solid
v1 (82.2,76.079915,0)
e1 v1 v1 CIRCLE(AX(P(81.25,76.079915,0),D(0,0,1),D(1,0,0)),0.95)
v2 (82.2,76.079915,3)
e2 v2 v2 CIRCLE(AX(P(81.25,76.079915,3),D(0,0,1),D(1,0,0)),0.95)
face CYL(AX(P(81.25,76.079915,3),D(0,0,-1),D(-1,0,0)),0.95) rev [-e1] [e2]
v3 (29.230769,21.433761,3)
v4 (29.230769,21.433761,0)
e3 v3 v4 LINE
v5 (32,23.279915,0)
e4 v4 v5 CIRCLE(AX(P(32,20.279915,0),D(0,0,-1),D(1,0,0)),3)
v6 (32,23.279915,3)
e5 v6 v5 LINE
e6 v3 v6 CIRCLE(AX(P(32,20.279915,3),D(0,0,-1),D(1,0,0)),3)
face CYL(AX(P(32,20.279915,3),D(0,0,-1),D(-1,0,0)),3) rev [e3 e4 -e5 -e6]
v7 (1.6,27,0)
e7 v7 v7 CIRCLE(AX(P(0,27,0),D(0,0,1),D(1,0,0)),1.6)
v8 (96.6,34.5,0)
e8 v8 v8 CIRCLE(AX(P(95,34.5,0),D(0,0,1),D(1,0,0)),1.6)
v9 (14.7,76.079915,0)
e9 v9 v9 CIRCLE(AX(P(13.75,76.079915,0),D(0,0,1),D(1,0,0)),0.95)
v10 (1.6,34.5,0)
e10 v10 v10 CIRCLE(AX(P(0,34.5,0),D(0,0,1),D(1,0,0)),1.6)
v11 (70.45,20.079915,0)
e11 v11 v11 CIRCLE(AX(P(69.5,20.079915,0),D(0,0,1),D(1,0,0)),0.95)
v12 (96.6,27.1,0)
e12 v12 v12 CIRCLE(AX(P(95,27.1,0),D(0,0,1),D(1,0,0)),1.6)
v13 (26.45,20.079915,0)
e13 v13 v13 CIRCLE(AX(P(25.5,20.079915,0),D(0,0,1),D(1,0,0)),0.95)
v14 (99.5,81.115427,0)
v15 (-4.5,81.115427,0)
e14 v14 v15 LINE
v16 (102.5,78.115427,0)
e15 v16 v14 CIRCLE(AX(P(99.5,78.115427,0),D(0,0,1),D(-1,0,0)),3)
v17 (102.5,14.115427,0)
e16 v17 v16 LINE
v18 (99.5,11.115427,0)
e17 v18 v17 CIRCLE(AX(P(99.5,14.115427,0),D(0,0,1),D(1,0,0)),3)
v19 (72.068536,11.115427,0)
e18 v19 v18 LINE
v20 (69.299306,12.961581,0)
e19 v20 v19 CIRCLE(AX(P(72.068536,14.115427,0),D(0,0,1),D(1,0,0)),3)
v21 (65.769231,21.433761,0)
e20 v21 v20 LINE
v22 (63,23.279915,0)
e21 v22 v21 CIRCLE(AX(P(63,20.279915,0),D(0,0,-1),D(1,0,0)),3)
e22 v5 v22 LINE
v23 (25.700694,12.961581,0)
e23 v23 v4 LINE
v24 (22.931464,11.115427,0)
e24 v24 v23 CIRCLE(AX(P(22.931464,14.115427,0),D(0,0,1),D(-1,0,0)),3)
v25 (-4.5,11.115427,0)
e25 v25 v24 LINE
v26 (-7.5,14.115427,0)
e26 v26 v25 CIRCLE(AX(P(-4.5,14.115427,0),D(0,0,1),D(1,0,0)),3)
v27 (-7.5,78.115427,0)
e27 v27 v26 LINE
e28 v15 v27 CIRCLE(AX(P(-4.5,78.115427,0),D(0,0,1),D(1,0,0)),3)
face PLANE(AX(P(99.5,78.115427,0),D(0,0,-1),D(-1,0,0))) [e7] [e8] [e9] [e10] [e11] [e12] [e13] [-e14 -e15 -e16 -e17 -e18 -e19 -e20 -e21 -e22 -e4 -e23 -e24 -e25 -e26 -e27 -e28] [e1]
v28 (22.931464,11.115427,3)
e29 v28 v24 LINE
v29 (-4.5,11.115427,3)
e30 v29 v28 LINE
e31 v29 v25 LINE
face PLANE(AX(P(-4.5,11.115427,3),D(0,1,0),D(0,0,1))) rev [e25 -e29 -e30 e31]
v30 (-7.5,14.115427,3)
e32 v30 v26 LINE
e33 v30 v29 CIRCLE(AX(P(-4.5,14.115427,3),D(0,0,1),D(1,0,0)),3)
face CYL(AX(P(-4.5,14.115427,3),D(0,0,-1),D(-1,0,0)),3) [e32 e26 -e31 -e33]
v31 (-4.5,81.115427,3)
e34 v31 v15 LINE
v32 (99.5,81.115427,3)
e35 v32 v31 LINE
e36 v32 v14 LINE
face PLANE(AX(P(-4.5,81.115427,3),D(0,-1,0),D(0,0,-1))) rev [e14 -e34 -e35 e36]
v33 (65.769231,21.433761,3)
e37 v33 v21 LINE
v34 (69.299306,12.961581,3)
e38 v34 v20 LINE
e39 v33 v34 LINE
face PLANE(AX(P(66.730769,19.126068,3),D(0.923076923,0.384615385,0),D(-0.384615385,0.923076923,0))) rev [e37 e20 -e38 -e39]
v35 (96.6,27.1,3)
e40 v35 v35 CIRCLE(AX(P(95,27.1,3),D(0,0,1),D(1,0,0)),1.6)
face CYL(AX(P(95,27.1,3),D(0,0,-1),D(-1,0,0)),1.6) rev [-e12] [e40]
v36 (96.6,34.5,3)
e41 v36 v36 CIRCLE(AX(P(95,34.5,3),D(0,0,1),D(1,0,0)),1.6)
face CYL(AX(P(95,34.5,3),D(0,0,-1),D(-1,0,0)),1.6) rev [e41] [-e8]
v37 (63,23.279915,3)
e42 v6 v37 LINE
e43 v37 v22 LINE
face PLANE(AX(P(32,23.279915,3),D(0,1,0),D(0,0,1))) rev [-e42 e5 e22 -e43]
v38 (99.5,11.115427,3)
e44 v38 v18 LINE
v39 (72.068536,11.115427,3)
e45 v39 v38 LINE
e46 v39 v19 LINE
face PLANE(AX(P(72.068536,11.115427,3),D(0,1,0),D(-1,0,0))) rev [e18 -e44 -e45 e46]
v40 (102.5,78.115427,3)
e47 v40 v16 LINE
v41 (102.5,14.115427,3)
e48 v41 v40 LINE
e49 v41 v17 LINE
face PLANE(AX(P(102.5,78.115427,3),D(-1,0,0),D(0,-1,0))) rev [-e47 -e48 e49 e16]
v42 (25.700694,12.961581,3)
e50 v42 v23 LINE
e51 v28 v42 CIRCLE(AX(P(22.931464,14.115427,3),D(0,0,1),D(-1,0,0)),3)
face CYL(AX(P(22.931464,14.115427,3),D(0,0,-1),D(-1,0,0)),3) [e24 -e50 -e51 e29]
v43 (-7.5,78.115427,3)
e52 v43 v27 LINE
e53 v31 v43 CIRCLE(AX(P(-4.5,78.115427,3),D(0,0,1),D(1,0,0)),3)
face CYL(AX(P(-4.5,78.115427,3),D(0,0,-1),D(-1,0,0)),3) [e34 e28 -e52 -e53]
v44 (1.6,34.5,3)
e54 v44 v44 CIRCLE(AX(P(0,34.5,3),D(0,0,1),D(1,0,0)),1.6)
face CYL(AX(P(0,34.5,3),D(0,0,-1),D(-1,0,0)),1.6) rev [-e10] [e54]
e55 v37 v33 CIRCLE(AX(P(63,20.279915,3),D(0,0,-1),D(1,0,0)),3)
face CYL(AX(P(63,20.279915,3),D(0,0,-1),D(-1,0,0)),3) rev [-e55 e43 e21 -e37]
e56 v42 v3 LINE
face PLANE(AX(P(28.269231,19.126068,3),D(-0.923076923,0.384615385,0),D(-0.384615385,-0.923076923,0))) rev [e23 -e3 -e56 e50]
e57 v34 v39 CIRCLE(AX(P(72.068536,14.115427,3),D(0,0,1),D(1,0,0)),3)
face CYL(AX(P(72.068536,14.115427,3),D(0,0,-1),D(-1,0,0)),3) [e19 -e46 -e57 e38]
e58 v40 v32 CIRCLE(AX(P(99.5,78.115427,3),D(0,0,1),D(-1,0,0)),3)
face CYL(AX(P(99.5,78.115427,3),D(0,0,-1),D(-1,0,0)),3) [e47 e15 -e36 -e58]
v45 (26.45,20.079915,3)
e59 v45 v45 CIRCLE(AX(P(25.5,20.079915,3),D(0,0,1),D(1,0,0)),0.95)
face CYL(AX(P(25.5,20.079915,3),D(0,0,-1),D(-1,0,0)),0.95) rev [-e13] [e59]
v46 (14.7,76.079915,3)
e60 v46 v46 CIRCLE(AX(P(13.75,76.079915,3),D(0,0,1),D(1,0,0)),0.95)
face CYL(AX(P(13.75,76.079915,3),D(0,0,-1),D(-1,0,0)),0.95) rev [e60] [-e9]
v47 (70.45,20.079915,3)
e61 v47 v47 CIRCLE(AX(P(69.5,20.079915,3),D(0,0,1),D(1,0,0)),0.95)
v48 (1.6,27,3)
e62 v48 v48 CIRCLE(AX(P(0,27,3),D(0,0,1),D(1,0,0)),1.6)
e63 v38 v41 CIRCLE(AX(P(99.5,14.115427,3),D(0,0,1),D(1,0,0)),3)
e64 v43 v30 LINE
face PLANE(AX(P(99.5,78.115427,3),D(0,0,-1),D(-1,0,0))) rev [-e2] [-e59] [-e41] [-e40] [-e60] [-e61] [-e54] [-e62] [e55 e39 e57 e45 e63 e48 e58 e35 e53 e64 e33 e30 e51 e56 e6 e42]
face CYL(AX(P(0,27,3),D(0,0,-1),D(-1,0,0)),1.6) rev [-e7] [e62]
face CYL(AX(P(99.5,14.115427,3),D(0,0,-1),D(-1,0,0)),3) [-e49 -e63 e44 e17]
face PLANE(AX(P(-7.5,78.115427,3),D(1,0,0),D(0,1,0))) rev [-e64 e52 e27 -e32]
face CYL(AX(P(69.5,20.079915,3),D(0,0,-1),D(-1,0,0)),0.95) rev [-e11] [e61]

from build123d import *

# Parameters (mm, degrees)
SKETCH_1_R      = 1.6
SKETCH_1_R_2    = 0.95
EXTRUDE_1_DEPTH = 3


with BuildPart() as part:
    # 草图1 → 凸台-拉伸1 (new body)
    with BuildSketch(Plane.XY):
        with BuildLine():
            Line((32, 23.279914581), (63, 23.279914581))
            ThreePointArc((63, 23.279914581), (64.664100589, 22.776065464), (65.769230769, 21.433760735))
            Line((65.769230769, 21.433760735), (66.730769231, 19.126068427))
            Line((66.730769231, 19.126068427), (69.29930559, 12.961581165))
            ThreePointArc((69.29930559, 12.961581165), (70.404435771, 11.619276436), (72.068536359, 11.115427319))
            Line((72.068536359, 11.115427319), (99.5, 11.115427319))
            ThreePointArc((99.5, 11.115427319), (101.621320344, 11.994106975), (102.5, 14.115427319))
            Line((102.5, 14.115427319), (102.5, 78.115427319))
            ThreePointArc((102.5, 78.115427319), (101.621320344, 80.236747662), (99.5, 81.115427319))
            Line((99.5, 81.115427319), (-4.5, 81.115427319))
            ThreePointArc((-4.5, 81.115427319), (-6.621320344, 80.236747662), (-7.5, 78.115427319))
            Line((-7.5, 78.115427319), (-7.5, 14.115427319))
            ThreePointArc((-7.5, 14.115427319), (-6.621320344, 11.994106975), (-4.5, 11.115427319))
            Line((-4.5, 11.115427319), (22.931463641, 11.115427319))
            ThreePointArc((22.931463641, 11.115427319), (24.595564229, 11.619276436), (25.70069441, 12.961581165))
            Line((25.70069441, 12.961581165), (28.269230769, 19.126068427))
            Line((28.269230769, 19.126068427), (29.230769231, 21.433760735))
            ThreePointArc((29.230769231, 21.433760735), (30.335899411, 22.776065464), (32, 23.279914581))
        make_face()
        with Locations((0, 34.5)):
            Circle(SKETCH_1_R, mode=Mode.SUBTRACT)
        with Locations((0, 27)):
            Circle(SKETCH_1_R, mode=Mode.SUBTRACT)
        with Locations((95, 34.5)):
            Circle(SKETCH_1_R, mode=Mode.SUBTRACT)
        with Locations((95, 27.1)):
            Circle(SKETCH_1_R, mode=Mode.SUBTRACT)
        with Locations((13.75, 76.079914581)):
            Circle(SKETCH_1_R_2, mode=Mode.SUBTRACT)
        with Locations((81.25, 76.079914581)):
            Circle(SKETCH_1_R_2, mode=Mode.SUBTRACT)
        with Locations((69.5, 20.079914581)):
            Circle(SKETCH_1_R_2, mode=Mode.SUBTRACT)
        with Locations((25.5, 20.079914581)):
            Circle(SKETCH_1_R_2, mode=Mode.SUBTRACT)
    extrude(amount=EXTRUDE_1_DEPTH)


solid = part.part
